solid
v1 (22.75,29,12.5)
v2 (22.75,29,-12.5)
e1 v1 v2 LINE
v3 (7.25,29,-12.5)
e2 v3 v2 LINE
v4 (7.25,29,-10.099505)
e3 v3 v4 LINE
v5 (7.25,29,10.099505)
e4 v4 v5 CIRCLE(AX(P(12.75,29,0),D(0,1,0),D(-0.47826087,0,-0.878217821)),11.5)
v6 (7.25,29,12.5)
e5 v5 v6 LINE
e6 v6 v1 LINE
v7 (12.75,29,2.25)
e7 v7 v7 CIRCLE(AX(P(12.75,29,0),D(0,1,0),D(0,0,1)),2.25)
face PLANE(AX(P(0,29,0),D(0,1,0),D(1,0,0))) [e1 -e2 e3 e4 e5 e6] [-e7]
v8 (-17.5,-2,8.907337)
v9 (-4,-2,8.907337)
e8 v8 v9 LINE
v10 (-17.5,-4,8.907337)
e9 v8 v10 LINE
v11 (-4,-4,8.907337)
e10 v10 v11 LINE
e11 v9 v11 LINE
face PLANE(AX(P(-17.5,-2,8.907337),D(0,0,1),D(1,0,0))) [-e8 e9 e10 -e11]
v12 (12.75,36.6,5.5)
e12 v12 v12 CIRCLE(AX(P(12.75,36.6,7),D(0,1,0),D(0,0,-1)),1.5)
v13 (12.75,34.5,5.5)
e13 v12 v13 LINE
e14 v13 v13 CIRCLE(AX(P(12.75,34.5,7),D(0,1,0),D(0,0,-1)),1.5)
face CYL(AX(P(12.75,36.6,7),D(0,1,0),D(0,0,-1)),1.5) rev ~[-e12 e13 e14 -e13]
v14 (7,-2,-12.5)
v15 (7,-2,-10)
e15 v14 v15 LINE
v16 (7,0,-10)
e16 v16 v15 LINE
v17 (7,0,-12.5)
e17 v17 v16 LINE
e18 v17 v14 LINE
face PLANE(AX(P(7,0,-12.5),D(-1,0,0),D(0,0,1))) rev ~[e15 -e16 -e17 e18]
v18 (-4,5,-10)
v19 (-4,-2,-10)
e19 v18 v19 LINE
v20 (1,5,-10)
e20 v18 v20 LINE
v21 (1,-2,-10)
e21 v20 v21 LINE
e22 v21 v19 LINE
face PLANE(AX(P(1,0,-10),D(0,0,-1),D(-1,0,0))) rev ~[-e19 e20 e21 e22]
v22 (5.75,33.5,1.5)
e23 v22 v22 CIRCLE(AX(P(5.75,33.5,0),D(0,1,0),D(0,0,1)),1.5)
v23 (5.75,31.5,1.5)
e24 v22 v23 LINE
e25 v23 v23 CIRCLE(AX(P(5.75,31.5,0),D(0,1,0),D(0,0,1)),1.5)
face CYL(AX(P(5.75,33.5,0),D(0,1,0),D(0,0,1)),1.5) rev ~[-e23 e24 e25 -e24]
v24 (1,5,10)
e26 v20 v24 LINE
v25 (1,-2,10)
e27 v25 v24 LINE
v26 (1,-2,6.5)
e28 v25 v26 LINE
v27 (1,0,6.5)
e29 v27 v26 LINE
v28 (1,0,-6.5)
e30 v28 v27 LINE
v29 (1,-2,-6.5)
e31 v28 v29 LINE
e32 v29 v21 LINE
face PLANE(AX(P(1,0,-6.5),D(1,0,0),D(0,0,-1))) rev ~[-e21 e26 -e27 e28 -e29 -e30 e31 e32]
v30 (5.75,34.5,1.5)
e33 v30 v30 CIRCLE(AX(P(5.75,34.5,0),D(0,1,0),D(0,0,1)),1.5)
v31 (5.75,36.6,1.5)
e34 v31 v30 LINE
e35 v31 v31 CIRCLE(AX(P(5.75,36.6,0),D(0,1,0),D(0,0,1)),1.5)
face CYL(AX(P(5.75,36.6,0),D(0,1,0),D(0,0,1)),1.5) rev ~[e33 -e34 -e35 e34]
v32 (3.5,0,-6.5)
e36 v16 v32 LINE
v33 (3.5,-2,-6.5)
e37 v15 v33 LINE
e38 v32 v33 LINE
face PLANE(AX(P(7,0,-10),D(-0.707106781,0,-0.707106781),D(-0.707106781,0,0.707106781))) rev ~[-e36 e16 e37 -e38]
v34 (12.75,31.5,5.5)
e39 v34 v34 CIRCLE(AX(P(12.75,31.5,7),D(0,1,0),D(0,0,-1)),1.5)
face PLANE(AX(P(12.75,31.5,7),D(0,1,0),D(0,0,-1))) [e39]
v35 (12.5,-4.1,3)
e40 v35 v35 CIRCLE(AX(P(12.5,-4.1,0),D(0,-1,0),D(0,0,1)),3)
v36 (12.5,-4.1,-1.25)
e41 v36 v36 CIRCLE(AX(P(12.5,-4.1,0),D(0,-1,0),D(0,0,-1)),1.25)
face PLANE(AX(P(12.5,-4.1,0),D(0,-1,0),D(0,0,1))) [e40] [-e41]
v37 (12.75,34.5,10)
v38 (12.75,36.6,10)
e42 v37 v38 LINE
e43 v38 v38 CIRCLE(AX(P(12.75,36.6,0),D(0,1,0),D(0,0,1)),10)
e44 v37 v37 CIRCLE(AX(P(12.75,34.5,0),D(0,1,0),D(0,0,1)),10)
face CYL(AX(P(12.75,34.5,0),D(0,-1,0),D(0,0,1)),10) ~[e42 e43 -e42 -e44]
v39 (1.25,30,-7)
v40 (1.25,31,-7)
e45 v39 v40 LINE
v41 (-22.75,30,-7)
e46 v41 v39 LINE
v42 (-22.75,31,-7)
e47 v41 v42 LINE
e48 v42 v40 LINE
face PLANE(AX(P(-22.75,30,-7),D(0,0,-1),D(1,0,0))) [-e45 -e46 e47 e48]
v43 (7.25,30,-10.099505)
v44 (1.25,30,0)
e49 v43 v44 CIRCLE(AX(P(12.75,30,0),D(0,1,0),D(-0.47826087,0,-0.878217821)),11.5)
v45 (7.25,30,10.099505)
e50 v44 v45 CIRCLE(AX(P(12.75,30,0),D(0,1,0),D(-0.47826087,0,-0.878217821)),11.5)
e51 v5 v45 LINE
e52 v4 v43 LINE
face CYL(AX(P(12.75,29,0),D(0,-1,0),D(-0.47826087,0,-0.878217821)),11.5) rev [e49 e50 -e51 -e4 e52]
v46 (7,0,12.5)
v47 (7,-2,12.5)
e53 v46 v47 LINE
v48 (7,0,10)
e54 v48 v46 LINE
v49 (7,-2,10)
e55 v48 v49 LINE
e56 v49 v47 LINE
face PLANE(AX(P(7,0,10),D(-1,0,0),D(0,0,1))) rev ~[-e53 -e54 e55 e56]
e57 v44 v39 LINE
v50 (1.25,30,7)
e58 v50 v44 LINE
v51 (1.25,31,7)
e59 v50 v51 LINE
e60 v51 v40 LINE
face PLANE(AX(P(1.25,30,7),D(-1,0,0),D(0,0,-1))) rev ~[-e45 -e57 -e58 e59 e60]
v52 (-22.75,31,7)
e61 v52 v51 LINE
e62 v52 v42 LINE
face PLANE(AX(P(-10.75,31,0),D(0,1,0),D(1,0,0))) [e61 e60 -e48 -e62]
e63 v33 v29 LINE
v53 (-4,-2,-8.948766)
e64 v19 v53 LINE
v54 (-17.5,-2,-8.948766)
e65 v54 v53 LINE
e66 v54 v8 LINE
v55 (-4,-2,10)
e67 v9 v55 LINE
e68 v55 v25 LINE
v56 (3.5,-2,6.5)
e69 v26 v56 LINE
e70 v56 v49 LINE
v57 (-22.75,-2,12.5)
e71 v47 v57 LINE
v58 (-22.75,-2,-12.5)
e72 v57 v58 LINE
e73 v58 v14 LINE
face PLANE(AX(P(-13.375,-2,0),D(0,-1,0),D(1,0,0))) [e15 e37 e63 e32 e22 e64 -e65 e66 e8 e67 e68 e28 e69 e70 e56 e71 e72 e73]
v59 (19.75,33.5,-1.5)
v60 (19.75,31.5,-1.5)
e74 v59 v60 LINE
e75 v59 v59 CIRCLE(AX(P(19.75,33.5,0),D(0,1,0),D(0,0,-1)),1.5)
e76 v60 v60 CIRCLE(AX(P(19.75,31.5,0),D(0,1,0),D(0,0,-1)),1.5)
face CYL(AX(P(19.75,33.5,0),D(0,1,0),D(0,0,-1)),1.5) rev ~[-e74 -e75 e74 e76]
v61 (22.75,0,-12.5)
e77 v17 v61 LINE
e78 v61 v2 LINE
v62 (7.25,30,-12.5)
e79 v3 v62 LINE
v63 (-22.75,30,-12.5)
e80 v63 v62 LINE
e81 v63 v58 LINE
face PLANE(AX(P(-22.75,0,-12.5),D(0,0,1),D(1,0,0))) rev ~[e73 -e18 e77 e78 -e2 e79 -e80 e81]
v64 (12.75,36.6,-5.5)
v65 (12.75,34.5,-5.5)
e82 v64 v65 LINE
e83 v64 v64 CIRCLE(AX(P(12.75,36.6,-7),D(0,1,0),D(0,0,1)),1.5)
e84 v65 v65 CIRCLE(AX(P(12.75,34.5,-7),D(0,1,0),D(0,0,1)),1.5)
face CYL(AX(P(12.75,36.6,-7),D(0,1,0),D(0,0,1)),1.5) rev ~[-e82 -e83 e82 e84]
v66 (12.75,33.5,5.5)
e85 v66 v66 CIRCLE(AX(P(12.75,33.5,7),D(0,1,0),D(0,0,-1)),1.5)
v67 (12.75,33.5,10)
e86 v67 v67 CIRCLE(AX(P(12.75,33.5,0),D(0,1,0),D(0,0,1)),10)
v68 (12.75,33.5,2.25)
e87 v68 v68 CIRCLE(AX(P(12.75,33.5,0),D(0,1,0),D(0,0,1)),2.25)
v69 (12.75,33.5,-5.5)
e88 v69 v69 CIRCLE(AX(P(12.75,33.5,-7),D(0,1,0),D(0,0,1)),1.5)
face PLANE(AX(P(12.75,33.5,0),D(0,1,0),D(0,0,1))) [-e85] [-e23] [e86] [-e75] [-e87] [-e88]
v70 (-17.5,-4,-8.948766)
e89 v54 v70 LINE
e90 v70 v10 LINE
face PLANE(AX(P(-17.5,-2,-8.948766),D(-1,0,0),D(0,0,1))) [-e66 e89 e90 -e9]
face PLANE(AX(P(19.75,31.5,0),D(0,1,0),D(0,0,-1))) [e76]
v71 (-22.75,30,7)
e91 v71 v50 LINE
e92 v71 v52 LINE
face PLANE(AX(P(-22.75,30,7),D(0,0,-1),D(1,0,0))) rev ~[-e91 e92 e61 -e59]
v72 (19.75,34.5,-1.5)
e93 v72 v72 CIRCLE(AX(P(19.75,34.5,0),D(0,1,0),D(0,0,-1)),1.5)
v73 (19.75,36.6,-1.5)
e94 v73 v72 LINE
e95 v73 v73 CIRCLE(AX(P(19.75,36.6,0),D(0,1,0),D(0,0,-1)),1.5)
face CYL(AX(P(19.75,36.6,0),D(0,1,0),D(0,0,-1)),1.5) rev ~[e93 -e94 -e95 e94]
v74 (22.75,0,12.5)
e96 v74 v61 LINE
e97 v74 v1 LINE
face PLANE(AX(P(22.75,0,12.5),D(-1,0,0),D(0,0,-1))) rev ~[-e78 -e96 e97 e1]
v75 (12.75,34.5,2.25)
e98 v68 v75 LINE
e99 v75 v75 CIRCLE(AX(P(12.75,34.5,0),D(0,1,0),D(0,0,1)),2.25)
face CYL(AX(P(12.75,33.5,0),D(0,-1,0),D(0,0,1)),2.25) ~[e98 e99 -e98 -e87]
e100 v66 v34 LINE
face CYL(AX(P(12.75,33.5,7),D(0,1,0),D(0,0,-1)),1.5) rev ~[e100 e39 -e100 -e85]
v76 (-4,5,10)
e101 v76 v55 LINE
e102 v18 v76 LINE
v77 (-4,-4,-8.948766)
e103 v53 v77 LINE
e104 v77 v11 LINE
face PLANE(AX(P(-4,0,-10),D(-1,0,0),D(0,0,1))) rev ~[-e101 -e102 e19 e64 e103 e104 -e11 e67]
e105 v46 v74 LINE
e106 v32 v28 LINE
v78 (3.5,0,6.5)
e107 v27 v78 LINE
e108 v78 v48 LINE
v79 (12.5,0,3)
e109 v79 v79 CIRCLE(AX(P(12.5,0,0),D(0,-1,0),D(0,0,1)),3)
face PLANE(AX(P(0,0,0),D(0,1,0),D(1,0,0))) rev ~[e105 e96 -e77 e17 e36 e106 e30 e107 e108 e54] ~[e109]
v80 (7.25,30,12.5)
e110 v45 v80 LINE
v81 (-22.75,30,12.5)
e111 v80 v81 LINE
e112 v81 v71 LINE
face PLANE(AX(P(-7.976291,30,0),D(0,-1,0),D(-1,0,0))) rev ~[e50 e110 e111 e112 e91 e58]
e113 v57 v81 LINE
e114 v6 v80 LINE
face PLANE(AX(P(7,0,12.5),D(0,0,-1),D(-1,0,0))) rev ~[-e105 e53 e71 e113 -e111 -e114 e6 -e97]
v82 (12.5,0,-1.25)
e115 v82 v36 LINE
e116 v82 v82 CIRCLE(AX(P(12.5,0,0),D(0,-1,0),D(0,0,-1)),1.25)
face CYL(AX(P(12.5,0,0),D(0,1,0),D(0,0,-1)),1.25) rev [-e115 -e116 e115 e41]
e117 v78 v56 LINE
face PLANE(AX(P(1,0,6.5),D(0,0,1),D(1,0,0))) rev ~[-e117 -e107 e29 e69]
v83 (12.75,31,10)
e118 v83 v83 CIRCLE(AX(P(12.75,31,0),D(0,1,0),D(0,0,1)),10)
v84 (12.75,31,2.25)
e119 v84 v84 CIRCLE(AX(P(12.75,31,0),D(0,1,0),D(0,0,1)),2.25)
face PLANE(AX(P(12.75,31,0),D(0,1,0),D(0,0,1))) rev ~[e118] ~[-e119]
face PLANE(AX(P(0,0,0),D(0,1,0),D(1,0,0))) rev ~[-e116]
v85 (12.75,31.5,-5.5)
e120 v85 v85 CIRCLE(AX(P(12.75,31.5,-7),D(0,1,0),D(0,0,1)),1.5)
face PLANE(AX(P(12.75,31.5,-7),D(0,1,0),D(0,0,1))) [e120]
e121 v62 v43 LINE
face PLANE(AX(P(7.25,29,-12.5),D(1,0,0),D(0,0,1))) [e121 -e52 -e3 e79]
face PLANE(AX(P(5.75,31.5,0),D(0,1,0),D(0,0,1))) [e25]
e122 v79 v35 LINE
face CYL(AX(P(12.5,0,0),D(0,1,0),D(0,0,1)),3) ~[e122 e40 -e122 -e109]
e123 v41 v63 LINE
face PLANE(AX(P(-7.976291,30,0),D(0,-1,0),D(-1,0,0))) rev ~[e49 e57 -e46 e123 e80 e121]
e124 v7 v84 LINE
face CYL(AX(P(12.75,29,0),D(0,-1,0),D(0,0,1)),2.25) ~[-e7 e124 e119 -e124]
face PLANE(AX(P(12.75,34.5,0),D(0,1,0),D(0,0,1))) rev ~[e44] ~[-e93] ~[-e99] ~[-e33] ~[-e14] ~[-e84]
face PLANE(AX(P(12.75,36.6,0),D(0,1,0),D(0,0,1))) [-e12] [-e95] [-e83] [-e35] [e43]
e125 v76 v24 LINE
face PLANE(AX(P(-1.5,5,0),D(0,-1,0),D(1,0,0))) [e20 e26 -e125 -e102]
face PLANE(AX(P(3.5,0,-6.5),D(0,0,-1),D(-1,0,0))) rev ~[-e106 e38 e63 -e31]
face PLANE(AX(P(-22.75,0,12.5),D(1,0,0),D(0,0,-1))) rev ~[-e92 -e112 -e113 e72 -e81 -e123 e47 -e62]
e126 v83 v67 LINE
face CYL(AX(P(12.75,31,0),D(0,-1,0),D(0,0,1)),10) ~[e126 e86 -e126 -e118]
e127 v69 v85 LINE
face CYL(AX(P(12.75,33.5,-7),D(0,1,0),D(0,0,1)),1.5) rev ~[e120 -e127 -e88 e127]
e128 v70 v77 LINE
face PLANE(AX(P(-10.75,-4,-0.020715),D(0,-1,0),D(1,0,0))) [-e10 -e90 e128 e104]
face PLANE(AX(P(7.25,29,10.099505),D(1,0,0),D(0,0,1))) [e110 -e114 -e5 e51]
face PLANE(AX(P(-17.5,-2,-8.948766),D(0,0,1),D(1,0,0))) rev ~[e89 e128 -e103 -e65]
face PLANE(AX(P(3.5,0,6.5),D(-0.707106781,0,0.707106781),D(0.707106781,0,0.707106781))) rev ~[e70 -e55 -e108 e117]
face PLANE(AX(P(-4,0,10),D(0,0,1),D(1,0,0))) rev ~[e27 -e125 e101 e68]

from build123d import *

# Parameters (mm, degrees)
MAIN_BODY_SKETCH_W        = 45.5
MAIN_BODY_SKETCH_H        = 25
MAIN_BODY_EXTRUSION_DEPTH = 29
BOSS_EXTRUDE3_DEPTH       = 1
SKETCH8_W                 = 24
SKETCH8_H                 = 14
BOSS_EXTRUDE8_DEPTH       = 1
SKETCH3_R                 = 2.25
BOSS_EXTRUDE4_DEPTH       = 2
SKETCH6_R                 = 10
BOSS_EXTRUDE7_DEPTH       = 2.5
SKETCH7_R                 = 1.5
CUT_EXTRUDE1_DEPTH        = 2
SKETCH10_R                = 2.25
BOSS_EXTRUDE12_DEPTH      = 1
SKETCH11_R                = 10
BOSS_EXTRUDE13_DEPTH      = 2.1
SKETCH13_R                = 1.5
CUT_EXTRUDE3_DEPTH        = 2.1
BOSS_EXTRUDE9_DEPTH       = 2
SKETCH9_W                 = 5
SKETCH9_H                 = 20
CUT_EXTRUDE2_DEPTH        = 5
SKETCH4_R                 = 3
SKETCH4_R_2               = 1.25
BOSS_EXTRUDE10_DEPTH      = 4.1
SKETCH14_W                = 13.5
SKETCH14_H                = 17.856103011
BOSS_EXTRUDE14_DEPTH      = 2


with BuildPart() as part:
    # Main Body Sketch → Main Body Extrusion (new body)
    with BuildSketch(Plane(origin=(0, 0, 0), x_dir=(1, 0, 0), z_dir=(0, 1, 0))):
        Rectangle(MAIN_BODY_SKETCH_W, MAIN_BODY_SKETCH_H)
    extrude(amount=MAIN_BODY_EXTRUSION_DEPTH)

    # Sketch2 → Boss-Extrude3 (add)
    with BuildSketch(Plane(origin=(0, 29, 0), x_dir=(1, 0, 0), z_dir=(0, 1, 0))):
        with BuildLine():
            Line((-22.75, 12.5), (7.25, 12.5))
            Line((7.25, 12.5), (7.25, 10.099504938))
            ThreePointArc((7.25, 10.099504938), (1.25, 0), (7.25, -10.099504938))
            Line((7.25, -10.099504938), (7.25, -12.5))
            Line((7.25, -12.5), (-22.75, -12.5))
            Line((-22.75, -12.5), (-22.75, 12.5))
        make_face()
    extrude(amount=BOSS_EXTRUDE3_DEPTH)

    # Sketch8 → Boss-Extrude8 (add)
    with BuildSketch(Plane(origin=(0, 30, 0), x_dir=(1, 0, 0), z_dir=(0, 1, 0))):
        with Locations((-10.75, 0)):
            Rectangle(SKETCH8_W, SKETCH8_H)
    extrude(amount=BOSS_EXTRUDE8_DEPTH)

    # Sketch3 → Boss-Extrude4 (add)
    with BuildSketch(Plane(origin=(0, 29, 0), x_dir=(1, 0, 0), z_dir=(0, 1, 0))):
        with Locations(Location((12.75, 0, 0), (0, 0, 270))):
            Circle(SKETCH3_R)
    extrude(amount=BOSS_EXTRUDE4_DEPTH)

    # Sketch6 → Boss-Extrude7 (add)
    with BuildSketch(Plane(origin=(0, 31, 0), x_dir=(1, 0, 0), z_dir=(0, 1, 0))):
        with Locations(Location((12.75, 0, 0), (0, 0, 270))):
            Circle(SKETCH6_R)
    extrude(amount=BOSS_EXTRUDE7_DEPTH)

    # Sketch7 → Cut-Extrude1 (cut)
    with BuildSketch(Plane(origin=(0, 33.5, 0), x_dir=(1, 0, 0), z_dir=(0, 1, 0))):
        with Locations(Location((12.75, 7, 0), (0, 0, 270))):
            Circle(SKETCH7_R)
        with Locations(Location((12.75, -7, 0), (0, 0, 90))):
            Circle(SKETCH7_R)
        with Locations(Location((5.75, 0, 0), (0, 0, 270))):
            Circle(SKETCH7_R)
        with Locations(Location((19.75, 0, 0), (0, 0, 90))):
            Circle(SKETCH7_R)
    extrude(amount=-CUT_EXTRUDE1_DEPTH, mode=Mode.SUBTRACT)

    # Sketch10 → Boss-Extrude12 (add)
    with BuildSketch(Plane(origin=(0, 33.5, 0), x_dir=(1, 0, 0), z_dir=(0, 1, 0))):
        with Locations(Location((12.75, 0, 0), (0, 0, 270))):
            Circle(SKETCH10_R)
    extrude(amount=BOSS_EXTRUDE12_DEPTH)

    # Sketch11 → Boss-Extrude13 (add)
    with BuildSketch(Plane(origin=(0, 34.5, 0), x_dir=(1, 0, 0), z_dir=(0, 1, 0))):
        with Locations(Location((12.75, 0, 0), (0, 0, 270))):
            Circle(SKETCH11_R)
    extrude(amount=BOSS_EXTRUDE13_DEPTH)

    # Sketch13 → Cut-Extrude3 (cut)
    with BuildSketch(Plane(origin=(0, 36.6, 0), x_dir=(1, 0, 0), z_dir=(0, 1, 0))):
        with Locations(Location((12.75, 7, 0), (0, 0, 270))):
            Circle(SKETCH13_R)
        with Locations(Location((5.75, 0, 0), (0, 0, 270))):
            Circle(SKETCH13_R)
        with Locations(Location((12.75, -7, 0), (0, 0, 90))):
            Circle(SKETCH13_R)
        with Locations(Location((19.75, 0, 0), (0, 0, 90))):
            Circle(SKETCH13_R)
    extrude(amount=-CUT_EXTRUDE3_DEPTH, mode=Mode.SUBTRACT)

    # Sketch5 → Boss-Extrude9 (add)
    with BuildSketch(Plane.XZ):
        Polygon((-4, 12.5), (-22.75, 12.5), (-22.75, -12.5), (-4, -12.5), (-4, -10), (-4, 0), (-4, 10), align=None)
        Polygon((7, 12.5), (-4, 12.5), (-4, 10), (1, 10), (1, 6.5), (3.5, 6.5), (7, 10), align=None)
        Polygon((-4, -10), (-4, -12.5), (7, -12.5), (7, -10), (3.5, -6.5), (1, -6.5), (1, -10), align=None)
    extrude(amount=BOSS_EXTRUDE9_DEPTH)

    # Sketch9 → Cut-Extrude2 (cut)
    with BuildSketch(Plane.XZ):
        with Locations((-1.5, 0)):
            Rectangle(SKETCH9_W, SKETCH9_H)
    extrude(amount=-CUT_EXTRUDE2_DEPTH, mode=Mode.SUBTRACT)

    # Sketch4 → Boss-Extrude10 (add)
    with BuildSketch(Plane.XZ):
        with Locations(Location((12.5, 0, 0), (0, 0, 90))):
            Circle(SKETCH4_R)
        with Locations(Location((12.5, 0, 0), (0, 0, 270))):
            Circle(SKETCH4_R_2, mode=Mode.SUBTRACT)
    extrude(amount=BOSS_EXTRUDE10_DEPTH)

    # Sketch14 → Boss-Extrude14 (add)
    with BuildSketch(Plane.XZ.offset(2)):
        with Locations((-10.75, -0.020714737)):
            Rectangle(SKETCH14_W, SKETCH14_H)
    extrude(amount=BOSS_EXTRUDE14_DEPTH)


solid = part.part
